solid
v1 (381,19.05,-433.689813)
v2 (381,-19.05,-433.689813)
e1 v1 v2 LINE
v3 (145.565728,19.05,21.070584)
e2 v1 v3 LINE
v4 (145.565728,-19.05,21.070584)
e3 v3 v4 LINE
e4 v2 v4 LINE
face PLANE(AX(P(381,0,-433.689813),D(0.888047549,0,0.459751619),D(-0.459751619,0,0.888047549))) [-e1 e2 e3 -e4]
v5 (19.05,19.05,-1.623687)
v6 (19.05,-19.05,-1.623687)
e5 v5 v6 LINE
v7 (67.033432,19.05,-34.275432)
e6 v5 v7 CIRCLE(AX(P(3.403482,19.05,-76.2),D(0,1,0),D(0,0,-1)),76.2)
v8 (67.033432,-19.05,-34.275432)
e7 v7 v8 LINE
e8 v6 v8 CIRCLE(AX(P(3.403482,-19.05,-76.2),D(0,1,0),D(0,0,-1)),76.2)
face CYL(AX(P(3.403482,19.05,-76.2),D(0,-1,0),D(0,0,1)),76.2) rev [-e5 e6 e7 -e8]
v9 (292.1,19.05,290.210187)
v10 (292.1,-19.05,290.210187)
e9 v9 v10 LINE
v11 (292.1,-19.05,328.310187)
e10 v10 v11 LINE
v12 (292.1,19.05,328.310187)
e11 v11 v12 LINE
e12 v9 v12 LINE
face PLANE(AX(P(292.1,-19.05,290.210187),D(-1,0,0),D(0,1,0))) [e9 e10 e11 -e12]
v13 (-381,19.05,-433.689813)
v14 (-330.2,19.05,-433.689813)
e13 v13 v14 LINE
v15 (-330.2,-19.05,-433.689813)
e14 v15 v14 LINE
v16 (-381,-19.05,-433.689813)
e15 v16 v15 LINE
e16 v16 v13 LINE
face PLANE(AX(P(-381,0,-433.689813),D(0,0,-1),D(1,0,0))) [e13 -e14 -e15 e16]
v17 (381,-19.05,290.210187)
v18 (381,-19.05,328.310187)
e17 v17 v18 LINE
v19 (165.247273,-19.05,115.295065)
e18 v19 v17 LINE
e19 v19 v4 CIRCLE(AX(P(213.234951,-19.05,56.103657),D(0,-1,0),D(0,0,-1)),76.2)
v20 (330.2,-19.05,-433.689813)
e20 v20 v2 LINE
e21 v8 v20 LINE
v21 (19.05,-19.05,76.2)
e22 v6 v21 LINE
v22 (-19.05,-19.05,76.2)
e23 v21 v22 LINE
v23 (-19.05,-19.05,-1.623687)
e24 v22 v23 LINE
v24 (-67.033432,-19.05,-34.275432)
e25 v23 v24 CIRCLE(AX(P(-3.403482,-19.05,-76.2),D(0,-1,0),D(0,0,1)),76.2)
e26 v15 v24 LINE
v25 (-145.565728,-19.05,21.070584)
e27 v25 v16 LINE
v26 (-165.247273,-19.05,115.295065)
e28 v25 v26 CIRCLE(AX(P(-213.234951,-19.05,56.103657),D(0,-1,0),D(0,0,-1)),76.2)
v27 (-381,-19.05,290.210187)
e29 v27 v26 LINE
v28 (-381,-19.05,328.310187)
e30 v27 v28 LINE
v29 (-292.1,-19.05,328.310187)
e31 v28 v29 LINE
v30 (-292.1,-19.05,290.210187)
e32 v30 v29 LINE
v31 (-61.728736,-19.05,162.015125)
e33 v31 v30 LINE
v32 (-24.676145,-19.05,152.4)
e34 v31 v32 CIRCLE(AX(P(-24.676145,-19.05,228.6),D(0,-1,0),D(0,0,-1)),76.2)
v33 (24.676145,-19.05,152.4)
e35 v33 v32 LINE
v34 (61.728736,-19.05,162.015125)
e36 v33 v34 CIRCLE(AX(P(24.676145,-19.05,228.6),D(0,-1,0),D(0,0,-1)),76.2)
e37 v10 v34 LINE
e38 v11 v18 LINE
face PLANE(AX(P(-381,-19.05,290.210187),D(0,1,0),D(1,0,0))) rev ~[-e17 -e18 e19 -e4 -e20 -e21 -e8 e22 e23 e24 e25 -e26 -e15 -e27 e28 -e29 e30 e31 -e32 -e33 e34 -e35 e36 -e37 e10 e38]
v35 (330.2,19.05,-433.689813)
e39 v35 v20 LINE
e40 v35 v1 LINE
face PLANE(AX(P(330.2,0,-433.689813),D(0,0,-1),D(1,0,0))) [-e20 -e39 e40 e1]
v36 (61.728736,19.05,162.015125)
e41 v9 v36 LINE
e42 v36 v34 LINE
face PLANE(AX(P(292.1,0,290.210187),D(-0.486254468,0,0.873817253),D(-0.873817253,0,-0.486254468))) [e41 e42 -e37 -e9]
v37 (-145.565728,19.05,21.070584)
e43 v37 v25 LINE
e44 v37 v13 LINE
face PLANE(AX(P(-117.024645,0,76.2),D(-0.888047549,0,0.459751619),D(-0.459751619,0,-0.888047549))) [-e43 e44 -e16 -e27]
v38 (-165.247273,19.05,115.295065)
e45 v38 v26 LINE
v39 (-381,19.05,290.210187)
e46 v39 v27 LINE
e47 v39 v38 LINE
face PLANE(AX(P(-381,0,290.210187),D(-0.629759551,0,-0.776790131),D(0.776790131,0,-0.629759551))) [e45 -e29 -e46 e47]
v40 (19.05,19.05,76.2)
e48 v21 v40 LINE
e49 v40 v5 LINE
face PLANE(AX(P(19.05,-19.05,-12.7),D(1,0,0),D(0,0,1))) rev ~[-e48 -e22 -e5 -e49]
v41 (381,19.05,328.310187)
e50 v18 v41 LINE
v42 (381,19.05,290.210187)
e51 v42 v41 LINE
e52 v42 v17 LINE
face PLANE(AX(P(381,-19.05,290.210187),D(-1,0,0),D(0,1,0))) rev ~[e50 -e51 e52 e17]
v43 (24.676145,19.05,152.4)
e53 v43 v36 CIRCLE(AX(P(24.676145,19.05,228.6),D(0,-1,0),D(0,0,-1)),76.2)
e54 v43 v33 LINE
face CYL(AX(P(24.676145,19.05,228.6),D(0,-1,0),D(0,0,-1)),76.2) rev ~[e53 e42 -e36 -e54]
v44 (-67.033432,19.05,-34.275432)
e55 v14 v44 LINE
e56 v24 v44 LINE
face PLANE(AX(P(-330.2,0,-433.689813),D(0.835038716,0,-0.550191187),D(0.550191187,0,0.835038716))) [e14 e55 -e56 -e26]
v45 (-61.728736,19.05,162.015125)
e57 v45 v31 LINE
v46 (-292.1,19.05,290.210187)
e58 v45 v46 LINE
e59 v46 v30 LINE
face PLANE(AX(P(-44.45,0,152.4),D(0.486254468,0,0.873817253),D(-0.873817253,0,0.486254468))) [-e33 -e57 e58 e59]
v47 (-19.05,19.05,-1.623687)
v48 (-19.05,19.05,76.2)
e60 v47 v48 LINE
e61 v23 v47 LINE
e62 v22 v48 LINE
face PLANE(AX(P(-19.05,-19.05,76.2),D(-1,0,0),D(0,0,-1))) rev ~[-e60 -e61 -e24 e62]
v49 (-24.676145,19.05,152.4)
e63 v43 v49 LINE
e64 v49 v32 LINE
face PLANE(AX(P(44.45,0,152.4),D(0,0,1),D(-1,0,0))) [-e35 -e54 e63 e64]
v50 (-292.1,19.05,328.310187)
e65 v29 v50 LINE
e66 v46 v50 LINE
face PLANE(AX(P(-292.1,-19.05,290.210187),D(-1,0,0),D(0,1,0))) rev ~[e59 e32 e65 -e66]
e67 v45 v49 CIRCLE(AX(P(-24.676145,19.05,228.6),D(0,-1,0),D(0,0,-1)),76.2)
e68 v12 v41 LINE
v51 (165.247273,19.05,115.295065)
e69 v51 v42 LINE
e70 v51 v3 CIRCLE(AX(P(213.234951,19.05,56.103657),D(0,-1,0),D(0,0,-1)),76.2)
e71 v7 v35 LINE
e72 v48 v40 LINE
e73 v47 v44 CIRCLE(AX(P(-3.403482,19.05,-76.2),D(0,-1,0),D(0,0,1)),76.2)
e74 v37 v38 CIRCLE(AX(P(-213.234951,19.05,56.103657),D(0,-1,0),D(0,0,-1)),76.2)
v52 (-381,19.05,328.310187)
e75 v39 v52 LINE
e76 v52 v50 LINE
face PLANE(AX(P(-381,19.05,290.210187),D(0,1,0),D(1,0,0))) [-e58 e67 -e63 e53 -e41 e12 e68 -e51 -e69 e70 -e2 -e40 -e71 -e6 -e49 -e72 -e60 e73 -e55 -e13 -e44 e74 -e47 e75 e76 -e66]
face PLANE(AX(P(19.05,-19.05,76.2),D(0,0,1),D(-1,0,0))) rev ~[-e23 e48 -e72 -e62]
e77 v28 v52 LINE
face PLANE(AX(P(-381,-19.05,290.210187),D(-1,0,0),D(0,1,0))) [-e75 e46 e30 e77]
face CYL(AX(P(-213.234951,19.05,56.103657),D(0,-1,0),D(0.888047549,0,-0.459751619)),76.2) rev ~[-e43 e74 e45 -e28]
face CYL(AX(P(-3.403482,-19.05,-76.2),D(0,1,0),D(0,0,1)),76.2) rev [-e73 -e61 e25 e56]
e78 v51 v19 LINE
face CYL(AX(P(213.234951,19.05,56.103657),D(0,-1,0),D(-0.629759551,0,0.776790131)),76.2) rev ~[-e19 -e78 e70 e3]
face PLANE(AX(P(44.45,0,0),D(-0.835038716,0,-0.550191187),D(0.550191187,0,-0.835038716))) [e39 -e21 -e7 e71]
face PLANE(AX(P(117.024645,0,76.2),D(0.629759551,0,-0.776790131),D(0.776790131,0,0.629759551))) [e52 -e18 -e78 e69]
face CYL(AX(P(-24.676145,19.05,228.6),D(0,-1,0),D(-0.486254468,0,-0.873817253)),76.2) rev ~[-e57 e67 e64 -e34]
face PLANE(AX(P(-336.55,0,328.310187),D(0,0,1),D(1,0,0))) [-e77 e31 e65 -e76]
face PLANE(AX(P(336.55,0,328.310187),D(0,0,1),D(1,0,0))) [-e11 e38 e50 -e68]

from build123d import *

# Parameters (mm, degrees)
F1_DEPTH = 19.05
F2_R     = 76.2
F3_W     = 88.9
F3_H     = 38.1
F4_DEPTH = 38.1
F6_DEPTH = 38.101


with BuildPart() as f1:
    # F0 (on Front) → F1 (new body, symmetric)
    with BuildSketch(Plane.XZ):
        Polygon((-44.45, 0), (-19.05, 0), (19.05, 0), (44.45, 0), (330.2, -433.689813), (381, -433.689813), (117.024645, 76.2), (381, 290.210187), (292.1, 290.210187), (44.45, 152.4), (0, 152.4), (-44.45, 152.4), (-292.1, 290.210187), (-381, 290.210187), (-117.024645, 76.2), (-381, -433.689813), (-330.2, -433.689813), align=None)
    extrude(amount=F1_DEPTH, both=True)

    # F2
    f2_edges = [f1.edges().sort_by_distance(p)[0] for p in [
        (117.024645, 0, 76.2),
        (-44.45, 0, 152.4),
        (44.45, 0, 152.4),
        (-117.024645, 0, 76.2),
        (-44.45, 0, 0),
        (44.45, 0, 0),
    ]]
    fillet(f2_edges, radius=F2_R)

    # F3 (on face) → F4 (join)
    with BuildSketch(Plane.XY.offset(290.210187)):
        with Locations((-336.55, 0)):
            Rectangle(F3_W, F3_H)
        with Locations((336.55, 0)):
            Rectangle(F3_W, F3_H)
    extrude(amount=F4_DEPTH)

    # F5 (on face) → F6 (cut, through all)
    with BuildSketch(Plane.XZ.offset(19.05)):
        with BuildLine():
            Line((-19.05, 76.2), (-19.05, -1.623687))
            ThreePointArc((-19.05, -1.623687), (-11.268752, -0.407009), (-3.403482, 0))
            Line((-3.403482, 0), (3.403482, 0))
            ThreePointArc((3.403482, 0), (11.268752, -0.407009), (19.05, -1.623687))
            Line((19.05, -1.623687), (19.05, 76.2))
            Line((19.05, 76.2), (-19.05, 76.2))
        make_face()
        with BuildLine():
            Line((-19.05, -1.623687), (-19.05, -12.7))
            Line((-19.05, -12.7), (19.05, -12.7))
            Line((19.05, -12.7), (19.05, -1.623687))
            ThreePointArc((19.05, -1.623687), (11.268752, -0.407009), (3.403482, 0))
            Line((3.403482, 0), (-3.403482, 0))
            ThreePointArc((-3.403482, 0), (-11.268752, -0.407009), (-19.05, -1.623687))
        make_face()
    extrude(amount=-F6_DEPTH, mode=Mode.SUBTRACT)


solid = f1.part
